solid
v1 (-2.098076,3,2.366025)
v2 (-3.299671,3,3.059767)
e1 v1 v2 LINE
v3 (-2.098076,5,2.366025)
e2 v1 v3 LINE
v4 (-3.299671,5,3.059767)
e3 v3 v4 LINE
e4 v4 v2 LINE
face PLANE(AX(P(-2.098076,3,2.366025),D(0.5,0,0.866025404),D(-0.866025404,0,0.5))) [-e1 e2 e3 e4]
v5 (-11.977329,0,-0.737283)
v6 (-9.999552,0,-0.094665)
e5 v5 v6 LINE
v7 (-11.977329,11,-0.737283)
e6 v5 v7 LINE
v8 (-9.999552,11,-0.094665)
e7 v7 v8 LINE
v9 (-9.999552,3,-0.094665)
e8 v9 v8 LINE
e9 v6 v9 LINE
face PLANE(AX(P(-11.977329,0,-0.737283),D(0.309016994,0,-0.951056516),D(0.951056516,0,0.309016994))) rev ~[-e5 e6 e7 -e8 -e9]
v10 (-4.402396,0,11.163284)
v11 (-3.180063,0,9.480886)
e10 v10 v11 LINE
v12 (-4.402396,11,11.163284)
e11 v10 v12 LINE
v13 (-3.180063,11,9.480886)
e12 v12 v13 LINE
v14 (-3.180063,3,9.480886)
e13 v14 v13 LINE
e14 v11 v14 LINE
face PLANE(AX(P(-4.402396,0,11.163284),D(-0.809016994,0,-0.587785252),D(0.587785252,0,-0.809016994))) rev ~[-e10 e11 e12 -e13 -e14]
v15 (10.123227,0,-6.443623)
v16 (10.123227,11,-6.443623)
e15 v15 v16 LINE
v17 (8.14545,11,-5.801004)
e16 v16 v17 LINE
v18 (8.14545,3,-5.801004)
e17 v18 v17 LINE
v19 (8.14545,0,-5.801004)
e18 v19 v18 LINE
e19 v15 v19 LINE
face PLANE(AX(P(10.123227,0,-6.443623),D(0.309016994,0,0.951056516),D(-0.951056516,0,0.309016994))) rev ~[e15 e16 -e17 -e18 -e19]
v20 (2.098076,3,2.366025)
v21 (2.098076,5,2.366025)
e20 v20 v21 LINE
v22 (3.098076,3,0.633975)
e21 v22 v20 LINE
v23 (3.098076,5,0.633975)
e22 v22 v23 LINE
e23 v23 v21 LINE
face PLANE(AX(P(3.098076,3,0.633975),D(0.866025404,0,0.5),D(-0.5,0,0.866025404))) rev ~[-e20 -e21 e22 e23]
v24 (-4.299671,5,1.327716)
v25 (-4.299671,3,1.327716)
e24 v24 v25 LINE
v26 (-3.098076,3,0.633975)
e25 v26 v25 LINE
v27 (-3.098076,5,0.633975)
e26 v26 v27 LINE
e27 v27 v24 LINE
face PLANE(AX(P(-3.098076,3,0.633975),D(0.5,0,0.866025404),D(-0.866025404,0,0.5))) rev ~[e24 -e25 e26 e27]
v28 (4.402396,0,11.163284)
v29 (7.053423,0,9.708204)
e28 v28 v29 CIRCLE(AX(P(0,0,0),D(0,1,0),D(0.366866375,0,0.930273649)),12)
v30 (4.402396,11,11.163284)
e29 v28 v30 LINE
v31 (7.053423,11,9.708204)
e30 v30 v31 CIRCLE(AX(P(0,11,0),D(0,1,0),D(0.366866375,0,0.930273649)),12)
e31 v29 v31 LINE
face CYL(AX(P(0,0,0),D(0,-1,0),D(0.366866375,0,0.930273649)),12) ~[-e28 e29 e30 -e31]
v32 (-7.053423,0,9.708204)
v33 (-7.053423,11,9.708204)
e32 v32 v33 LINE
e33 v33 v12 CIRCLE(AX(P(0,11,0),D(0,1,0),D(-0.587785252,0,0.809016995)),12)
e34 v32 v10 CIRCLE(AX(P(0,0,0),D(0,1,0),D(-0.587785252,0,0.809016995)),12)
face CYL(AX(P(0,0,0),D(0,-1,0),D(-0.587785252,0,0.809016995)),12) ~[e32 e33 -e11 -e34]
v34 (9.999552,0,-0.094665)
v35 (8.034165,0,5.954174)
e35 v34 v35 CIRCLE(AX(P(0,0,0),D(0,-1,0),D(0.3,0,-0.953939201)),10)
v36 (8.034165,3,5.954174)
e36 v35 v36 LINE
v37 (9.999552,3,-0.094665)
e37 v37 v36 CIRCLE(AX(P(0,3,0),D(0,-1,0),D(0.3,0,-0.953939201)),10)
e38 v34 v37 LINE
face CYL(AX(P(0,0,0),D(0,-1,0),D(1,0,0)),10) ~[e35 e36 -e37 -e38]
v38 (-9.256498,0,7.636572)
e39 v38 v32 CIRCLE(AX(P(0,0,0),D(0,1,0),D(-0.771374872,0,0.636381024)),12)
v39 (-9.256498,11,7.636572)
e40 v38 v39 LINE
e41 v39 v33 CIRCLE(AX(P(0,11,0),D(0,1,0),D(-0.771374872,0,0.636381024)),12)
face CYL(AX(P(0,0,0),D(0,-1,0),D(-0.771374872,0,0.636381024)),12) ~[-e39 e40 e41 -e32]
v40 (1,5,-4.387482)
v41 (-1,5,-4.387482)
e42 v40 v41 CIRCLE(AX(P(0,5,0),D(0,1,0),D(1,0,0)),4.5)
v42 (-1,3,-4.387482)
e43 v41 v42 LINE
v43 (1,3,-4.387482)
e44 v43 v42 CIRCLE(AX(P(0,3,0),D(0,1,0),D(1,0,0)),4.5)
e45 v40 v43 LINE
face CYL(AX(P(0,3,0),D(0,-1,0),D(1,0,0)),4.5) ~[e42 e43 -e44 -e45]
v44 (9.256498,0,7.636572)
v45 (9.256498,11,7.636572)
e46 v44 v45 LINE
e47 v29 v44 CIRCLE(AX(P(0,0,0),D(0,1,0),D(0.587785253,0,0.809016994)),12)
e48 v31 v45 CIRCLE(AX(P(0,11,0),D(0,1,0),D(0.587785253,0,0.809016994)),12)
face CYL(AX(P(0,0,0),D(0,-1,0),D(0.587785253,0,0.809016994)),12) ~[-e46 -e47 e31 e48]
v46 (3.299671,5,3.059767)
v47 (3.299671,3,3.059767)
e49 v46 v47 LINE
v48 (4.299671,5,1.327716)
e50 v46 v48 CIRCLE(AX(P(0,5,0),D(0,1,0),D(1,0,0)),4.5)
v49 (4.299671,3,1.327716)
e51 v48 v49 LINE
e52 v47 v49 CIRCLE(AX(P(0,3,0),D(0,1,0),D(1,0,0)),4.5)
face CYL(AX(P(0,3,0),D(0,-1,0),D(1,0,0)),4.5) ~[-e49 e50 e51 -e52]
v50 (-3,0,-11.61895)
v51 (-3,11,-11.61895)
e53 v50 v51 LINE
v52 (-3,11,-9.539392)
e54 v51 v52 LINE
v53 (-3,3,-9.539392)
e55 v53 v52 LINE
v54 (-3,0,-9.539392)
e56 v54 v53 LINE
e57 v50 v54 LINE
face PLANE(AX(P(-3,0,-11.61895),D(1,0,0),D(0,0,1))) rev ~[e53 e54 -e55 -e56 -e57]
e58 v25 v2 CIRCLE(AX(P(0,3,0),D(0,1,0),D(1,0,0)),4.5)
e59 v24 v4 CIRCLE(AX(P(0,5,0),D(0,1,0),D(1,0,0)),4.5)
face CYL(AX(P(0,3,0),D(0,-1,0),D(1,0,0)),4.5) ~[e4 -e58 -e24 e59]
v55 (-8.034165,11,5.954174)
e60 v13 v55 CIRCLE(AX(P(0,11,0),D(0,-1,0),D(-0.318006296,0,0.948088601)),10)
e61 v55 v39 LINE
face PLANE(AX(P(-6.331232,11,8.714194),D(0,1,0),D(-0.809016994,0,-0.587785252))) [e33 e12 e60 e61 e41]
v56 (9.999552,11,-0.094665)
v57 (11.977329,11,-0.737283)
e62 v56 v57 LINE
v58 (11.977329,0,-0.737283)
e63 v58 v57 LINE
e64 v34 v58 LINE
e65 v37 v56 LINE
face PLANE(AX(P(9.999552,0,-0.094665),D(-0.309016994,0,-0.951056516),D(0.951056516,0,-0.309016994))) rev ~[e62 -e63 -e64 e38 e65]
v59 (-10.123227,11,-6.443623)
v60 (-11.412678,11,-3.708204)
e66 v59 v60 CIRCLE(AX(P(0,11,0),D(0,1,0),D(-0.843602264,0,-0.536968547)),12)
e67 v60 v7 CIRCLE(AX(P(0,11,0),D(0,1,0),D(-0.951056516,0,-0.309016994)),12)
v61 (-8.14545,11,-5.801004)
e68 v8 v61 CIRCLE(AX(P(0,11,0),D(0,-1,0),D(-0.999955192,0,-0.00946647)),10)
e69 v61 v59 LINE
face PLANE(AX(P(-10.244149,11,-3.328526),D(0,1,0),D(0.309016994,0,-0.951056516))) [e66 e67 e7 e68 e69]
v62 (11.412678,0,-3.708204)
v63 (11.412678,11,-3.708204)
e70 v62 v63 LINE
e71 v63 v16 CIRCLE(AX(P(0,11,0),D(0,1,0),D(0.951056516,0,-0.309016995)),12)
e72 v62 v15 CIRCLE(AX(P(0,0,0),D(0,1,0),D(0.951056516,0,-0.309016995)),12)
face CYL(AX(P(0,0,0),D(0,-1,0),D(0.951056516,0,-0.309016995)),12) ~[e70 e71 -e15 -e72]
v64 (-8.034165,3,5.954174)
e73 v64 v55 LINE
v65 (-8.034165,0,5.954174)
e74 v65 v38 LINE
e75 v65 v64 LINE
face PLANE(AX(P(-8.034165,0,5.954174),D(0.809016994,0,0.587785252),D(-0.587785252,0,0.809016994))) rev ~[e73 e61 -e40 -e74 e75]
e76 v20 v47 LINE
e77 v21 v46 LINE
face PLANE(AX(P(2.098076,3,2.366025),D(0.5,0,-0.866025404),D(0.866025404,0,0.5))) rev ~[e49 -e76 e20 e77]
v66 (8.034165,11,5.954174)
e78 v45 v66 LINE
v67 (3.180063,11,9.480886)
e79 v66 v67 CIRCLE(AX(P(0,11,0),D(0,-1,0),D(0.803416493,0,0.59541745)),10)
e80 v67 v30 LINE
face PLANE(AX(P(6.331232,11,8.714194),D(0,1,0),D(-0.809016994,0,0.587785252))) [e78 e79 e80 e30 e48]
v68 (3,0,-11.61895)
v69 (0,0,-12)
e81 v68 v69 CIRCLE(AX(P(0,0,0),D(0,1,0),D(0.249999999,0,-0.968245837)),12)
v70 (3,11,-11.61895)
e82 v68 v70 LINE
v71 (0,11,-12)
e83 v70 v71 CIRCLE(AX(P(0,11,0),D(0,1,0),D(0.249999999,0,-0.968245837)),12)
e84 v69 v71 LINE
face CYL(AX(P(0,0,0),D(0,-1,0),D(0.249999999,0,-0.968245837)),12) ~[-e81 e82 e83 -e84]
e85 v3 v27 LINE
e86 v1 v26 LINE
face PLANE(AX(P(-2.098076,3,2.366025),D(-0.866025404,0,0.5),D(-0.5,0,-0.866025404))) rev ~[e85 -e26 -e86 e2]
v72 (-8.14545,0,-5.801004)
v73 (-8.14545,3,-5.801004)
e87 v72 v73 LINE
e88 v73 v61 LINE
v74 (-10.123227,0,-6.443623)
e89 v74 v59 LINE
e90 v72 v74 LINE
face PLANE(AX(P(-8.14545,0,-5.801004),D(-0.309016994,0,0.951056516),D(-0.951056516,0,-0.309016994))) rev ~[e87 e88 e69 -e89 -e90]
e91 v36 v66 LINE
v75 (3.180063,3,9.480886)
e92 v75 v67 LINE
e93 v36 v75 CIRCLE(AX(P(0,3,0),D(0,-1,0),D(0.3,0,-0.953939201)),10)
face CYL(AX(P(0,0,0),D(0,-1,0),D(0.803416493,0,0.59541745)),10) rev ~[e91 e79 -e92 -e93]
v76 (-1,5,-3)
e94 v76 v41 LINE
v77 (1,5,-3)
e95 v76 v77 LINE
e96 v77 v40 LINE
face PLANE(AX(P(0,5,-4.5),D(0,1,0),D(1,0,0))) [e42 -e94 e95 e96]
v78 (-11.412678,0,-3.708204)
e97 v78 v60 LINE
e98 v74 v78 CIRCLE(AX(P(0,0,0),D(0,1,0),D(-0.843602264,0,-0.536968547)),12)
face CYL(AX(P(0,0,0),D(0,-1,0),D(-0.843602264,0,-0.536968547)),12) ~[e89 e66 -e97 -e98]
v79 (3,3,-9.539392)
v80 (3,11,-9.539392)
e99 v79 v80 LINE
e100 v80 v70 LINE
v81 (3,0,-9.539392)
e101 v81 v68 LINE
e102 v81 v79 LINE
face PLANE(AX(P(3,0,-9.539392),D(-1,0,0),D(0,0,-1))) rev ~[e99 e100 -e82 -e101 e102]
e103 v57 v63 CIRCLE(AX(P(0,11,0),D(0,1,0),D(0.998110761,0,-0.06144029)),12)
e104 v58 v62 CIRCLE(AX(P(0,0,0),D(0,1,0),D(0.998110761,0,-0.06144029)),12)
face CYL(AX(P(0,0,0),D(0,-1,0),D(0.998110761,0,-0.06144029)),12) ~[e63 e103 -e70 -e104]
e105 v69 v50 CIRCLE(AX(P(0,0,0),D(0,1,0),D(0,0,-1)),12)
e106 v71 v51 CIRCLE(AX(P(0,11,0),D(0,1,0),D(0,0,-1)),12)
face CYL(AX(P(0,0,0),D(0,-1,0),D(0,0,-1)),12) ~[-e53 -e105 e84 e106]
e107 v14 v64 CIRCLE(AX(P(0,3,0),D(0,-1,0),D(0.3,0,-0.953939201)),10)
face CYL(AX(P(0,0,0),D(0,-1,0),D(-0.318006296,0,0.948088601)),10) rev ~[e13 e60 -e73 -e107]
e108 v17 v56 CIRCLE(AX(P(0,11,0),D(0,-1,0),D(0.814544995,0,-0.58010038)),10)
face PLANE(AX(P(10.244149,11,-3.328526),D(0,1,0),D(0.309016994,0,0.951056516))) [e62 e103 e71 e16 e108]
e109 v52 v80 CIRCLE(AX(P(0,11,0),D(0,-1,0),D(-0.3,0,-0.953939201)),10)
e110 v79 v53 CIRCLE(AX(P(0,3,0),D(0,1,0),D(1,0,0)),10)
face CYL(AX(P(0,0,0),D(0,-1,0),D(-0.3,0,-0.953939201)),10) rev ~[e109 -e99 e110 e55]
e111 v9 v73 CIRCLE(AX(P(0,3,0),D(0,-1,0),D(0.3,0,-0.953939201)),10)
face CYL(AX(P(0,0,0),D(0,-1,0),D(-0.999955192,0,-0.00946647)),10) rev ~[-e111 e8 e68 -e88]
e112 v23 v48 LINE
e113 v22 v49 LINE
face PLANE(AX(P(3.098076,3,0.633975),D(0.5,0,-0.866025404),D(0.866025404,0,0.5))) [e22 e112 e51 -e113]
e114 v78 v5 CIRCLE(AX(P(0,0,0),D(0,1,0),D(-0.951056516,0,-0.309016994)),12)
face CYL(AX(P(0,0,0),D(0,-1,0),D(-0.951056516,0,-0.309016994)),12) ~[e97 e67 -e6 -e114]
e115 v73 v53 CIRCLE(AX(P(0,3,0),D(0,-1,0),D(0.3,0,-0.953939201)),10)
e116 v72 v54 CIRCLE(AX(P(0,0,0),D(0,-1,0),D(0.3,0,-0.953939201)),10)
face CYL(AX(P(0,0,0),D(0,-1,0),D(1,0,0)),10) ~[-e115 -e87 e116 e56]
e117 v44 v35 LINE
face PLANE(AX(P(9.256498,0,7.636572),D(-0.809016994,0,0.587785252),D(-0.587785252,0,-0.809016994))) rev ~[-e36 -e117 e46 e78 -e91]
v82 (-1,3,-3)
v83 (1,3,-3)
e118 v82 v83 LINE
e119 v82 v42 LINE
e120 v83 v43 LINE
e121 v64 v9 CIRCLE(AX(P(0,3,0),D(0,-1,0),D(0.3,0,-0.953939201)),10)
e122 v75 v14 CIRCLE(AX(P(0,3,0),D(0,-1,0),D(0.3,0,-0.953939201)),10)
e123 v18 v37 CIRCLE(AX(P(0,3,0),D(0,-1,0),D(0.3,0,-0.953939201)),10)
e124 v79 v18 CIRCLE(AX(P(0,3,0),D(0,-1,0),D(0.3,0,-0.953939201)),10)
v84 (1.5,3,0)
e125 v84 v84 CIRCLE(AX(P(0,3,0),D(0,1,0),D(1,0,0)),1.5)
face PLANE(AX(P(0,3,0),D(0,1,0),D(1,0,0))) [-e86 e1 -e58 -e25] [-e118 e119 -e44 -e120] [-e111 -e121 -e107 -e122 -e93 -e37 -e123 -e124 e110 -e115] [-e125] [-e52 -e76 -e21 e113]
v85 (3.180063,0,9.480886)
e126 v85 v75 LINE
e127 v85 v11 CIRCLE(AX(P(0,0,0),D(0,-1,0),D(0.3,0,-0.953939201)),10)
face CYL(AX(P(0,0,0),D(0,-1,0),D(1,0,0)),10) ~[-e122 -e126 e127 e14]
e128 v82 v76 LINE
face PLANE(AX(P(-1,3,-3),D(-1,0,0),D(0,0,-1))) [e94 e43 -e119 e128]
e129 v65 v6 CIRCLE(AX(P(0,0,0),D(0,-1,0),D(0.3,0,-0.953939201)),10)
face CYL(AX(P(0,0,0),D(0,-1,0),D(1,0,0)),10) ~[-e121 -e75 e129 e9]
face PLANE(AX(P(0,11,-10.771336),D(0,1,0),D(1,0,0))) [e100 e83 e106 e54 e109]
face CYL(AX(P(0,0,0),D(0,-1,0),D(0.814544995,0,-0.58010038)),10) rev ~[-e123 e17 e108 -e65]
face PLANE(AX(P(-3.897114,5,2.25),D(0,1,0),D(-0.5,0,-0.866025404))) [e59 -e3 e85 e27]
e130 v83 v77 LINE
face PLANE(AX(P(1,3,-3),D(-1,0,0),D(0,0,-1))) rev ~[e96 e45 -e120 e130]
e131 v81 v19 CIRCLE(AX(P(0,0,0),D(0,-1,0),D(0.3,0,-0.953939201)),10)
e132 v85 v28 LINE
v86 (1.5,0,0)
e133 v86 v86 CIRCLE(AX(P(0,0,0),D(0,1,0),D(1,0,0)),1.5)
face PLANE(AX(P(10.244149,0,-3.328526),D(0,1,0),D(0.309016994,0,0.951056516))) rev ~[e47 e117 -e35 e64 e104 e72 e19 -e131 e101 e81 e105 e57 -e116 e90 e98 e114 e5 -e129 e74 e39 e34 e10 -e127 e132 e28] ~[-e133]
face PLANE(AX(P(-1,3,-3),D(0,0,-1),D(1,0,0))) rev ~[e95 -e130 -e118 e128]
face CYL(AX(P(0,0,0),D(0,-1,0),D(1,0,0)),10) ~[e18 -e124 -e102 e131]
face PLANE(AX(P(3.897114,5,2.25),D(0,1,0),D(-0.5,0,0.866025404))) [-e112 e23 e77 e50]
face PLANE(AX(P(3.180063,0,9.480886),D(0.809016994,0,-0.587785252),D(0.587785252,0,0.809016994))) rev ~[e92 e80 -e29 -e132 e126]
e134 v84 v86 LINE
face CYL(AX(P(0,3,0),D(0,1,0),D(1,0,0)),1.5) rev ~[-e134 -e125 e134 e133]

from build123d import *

# Parameters (mm, degrees)
SKETCH1_R           = 10
BOSS_EXTRUDE1_DEPTH = 3
SKETCH2_W           = 2
SKETCH2_H           = 3
BOSS_EXTRUDE2_DEPTH = 2
CIRPATTERN1_COUNT   = 3
SKETCH3_R           = 9
SKETCH3_R_2         = 4.5
CUT_EXTRUDE1_DEPTH  = 2
SKETCH4_R           = 1.5
CUT_EXTRUDE2_DEPTH  = 3
BOSS_EXTRUDE3_START = -3
BOSS_EXTRUDE3_DEPTH = 11
CIRPATTERN2_COUNT   = 5


with BuildPart() as part:
    # Sketch1 → Boss-Extrude1 (new body)
    with BuildSketch(Plane(origin=(0, 0, 0), x_dir=(1, 0, 0), z_dir=(0, 1, 0))):
        Circle(SKETCH1_R)
    extrude(amount=BOSS_EXTRUDE1_DEPTH)

    # Sketch2 → Boss-Extrude2 (add)
    with BuildSketch(Plane(origin=(0, 3, 0), x_dir=(1, 0, 0), z_dir=(0, 1, 0))):
        with Locations((0, 4.5)):
            Rectangle(SKETCH2_W, SKETCH2_H)
    boss_extrude2 = extrude(amount=BOSS_EXTRUDE2_DEPTH)

    # CirPattern1: Boss-Extrude2 ×3 about axis
    cirpattern1_axis = Axis((0, 0, 0), (0, 1, 0))
    for i in range(1, CIRPATTERN1_COUNT):
        add(boss_extrude2.rotate(cirpattern1_axis, i * 360 / CIRPATTERN1_COUNT))

    # Sketch3 → Cut-Extrude1 (cut)
    with BuildSketch(Plane(origin=(0, 3, 0), x_dir=(1, 0, 0), z_dir=(0, 1, 0))):
        Circle(SKETCH3_R)
        Circle(SKETCH3_R_2, mode=Mode.SUBTRACT)
    extrude(amount=CUT_EXTRUDE1_DEPTH, mode=Mode.SUBTRACT)

    # Sketch4 → Cut-Extrude2 (cut)
    with BuildSketch(Plane(origin=(0, 3, 0), x_dir=(1, 0, 0), z_dir=(0, 1, 0))):
        Circle(SKETCH4_R)
    extrude(amount=-CUT_EXTRUDE2_DEPTH, mode=Mode.SUBTRACT)

    # Sketch5 → Boss-Extrude3 (add)
    with BuildSketch(Plane(origin=(0, 3, 0), x_dir=(1, 0, 0), z_dir=(0, 1, 0)).offset(BOSS_EXTRUDE3_START)):
        with BuildLine():
            ThreePointArc((3, 11.618950039), (1.51205151, 11.904356355), (0, 12))
            ThreePointArc((0, 12), (-1.51205151, 11.904356355), (-3, 11.618950039))
            Line((-3, 11.618950039), (-3, 9.539392014))
            ThreePointArc((-3, 9.539392014), (0, 10), (3, 9.539392014))
            Line((3, 9.539392014), (3, 11.618950039))
        make_face()
    boss_extrude3 = extrude(amount=BOSS_EXTRUDE3_DEPTH)

    # CirPattern2: Boss-Extrude3 ×5 about axis
    cirpattern2_axis = Axis((0, 0, 0), (0, 1, 0))
    for i in range(1, CIRPATTERN2_COUNT):
        add(boss_extrude3.rotate(cirpattern2_axis, i * 360 / CIRPATTERN2_COUNT))


solid = part.part
